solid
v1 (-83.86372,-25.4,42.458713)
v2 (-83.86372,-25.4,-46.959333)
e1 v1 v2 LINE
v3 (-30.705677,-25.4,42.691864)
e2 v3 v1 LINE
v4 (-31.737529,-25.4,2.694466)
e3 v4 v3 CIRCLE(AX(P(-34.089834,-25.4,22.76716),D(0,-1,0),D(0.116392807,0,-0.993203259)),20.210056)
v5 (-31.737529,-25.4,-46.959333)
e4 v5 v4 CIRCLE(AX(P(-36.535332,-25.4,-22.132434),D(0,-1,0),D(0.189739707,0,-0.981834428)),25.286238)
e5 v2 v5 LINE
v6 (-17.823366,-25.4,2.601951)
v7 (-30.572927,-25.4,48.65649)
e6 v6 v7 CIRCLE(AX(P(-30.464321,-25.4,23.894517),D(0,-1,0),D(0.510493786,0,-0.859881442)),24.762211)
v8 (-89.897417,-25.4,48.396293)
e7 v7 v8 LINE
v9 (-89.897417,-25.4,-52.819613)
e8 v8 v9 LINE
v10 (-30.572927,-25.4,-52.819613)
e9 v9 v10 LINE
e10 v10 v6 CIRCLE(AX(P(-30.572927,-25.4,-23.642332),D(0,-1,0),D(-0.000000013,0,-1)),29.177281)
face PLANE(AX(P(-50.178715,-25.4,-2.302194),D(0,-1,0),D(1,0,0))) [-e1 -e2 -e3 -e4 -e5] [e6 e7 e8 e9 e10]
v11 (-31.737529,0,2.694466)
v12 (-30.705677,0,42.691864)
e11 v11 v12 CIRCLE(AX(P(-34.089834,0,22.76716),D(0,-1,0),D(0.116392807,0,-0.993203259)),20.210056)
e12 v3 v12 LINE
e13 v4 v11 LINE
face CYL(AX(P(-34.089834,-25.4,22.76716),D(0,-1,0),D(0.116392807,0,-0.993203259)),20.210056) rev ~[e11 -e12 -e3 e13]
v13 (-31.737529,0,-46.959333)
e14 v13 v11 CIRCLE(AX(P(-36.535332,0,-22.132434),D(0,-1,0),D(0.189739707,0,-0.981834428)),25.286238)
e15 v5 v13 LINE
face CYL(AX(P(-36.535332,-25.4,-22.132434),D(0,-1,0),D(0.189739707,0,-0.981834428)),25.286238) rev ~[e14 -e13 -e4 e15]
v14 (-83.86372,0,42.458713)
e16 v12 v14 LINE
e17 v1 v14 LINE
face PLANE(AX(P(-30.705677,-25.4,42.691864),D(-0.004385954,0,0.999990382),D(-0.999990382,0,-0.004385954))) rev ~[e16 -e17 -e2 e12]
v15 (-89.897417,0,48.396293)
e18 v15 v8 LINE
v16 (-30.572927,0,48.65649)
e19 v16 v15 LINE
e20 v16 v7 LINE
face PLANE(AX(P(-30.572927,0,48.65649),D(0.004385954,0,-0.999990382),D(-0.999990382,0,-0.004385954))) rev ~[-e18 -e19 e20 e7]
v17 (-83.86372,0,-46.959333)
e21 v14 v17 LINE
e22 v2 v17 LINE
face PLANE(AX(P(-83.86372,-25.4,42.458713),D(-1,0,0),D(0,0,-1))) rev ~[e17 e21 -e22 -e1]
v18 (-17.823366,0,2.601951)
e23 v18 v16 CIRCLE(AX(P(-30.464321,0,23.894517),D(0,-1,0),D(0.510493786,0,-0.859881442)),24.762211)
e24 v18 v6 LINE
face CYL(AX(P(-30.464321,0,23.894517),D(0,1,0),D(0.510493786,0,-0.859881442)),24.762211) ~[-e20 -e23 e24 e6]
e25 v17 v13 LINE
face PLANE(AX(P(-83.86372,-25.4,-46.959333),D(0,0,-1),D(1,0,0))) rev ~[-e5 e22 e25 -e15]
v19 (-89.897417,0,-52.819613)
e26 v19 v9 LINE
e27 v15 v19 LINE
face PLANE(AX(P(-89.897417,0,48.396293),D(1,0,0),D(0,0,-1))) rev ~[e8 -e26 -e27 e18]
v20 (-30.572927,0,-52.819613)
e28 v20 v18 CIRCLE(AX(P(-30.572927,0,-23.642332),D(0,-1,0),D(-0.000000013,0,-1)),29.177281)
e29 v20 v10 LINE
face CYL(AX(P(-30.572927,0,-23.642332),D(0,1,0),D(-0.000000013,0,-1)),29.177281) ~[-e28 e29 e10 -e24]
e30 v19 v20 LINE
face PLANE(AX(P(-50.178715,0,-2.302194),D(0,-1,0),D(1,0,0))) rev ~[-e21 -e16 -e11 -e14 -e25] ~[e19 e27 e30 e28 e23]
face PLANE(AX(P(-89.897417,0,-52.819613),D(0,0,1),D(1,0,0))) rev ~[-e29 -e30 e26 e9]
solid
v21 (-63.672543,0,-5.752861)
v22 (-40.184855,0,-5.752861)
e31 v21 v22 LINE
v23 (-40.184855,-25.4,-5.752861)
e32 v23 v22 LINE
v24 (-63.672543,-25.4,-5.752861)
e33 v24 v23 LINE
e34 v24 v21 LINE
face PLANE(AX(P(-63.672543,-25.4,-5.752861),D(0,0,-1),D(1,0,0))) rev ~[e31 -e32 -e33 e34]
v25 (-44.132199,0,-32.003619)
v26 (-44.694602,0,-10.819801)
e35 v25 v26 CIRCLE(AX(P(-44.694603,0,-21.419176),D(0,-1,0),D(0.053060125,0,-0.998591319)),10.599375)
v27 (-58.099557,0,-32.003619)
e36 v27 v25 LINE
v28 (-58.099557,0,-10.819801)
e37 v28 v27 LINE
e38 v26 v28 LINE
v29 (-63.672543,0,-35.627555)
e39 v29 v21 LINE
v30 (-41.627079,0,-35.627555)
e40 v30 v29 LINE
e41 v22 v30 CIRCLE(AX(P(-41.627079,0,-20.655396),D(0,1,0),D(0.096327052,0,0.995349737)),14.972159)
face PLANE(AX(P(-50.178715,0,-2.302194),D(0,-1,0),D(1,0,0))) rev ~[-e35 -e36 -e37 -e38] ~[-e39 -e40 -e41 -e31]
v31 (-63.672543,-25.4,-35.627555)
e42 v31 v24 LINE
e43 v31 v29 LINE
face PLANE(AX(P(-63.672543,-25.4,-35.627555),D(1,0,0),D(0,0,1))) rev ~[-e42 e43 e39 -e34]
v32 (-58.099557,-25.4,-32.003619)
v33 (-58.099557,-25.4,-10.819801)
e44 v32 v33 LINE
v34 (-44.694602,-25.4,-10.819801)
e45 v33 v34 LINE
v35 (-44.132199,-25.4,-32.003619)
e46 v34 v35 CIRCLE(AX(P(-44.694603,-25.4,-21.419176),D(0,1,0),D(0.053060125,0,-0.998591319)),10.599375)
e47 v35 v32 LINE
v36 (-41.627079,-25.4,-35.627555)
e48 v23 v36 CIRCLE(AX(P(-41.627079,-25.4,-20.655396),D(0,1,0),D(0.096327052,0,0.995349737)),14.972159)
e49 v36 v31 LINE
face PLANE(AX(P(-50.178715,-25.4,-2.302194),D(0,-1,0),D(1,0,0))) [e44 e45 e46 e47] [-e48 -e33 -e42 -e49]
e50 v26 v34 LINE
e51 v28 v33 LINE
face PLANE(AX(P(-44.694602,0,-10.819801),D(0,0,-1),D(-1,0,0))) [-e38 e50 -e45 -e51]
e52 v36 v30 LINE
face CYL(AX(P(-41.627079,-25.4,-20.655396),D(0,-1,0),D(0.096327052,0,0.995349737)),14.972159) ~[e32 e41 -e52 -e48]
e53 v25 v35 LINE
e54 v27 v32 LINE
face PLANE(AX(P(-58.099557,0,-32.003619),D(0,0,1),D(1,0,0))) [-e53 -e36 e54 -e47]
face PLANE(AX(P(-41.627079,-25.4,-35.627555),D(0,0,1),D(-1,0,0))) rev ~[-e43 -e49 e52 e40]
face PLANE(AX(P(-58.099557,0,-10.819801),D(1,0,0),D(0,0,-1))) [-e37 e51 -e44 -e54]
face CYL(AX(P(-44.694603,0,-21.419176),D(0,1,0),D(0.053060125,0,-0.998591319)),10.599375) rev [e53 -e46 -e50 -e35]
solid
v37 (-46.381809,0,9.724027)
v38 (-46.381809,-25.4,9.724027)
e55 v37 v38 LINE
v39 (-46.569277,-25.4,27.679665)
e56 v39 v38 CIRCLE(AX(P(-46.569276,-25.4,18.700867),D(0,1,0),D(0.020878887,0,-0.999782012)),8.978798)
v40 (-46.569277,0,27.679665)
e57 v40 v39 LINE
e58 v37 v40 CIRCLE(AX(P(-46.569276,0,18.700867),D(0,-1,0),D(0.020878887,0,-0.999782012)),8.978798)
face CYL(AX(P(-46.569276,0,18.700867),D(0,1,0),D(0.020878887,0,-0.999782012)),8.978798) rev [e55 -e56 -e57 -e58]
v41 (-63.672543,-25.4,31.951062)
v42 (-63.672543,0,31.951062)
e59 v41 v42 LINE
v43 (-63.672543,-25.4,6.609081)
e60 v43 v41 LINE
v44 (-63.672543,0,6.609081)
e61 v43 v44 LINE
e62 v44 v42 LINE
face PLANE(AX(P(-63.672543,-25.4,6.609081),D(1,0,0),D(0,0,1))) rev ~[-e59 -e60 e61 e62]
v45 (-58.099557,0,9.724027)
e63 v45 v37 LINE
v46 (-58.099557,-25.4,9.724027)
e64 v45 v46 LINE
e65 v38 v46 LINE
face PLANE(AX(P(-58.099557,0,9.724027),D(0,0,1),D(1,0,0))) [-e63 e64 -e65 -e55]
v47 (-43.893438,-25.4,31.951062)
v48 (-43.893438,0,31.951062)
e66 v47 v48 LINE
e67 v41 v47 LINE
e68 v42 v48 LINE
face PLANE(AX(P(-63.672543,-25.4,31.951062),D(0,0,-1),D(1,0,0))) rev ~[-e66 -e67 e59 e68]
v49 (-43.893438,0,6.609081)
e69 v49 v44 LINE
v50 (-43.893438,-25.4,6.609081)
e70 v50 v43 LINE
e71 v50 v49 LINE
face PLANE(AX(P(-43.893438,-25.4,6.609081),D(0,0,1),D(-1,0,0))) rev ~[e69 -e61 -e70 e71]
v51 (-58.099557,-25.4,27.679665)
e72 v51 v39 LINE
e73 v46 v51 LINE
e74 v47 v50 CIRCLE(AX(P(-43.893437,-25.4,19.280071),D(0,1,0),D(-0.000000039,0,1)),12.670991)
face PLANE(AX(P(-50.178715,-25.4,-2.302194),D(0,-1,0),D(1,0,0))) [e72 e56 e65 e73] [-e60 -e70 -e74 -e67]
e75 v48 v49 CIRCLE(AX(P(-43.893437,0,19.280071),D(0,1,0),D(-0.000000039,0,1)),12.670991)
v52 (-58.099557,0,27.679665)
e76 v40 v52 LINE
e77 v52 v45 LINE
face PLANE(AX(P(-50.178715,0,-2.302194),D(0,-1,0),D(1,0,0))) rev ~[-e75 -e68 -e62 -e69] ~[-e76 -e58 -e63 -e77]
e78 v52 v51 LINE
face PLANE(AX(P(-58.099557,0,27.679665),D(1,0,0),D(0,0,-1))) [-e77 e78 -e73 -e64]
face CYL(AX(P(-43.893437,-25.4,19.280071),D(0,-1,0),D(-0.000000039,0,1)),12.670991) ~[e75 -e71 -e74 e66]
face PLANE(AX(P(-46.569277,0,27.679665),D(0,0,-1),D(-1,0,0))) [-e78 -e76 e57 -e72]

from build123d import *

# Parameters (mm, degrees)
F1_DEPTH = 25.4
F3_DEPTH = 25.4
F4_DEPTH = 53.848
F6_DEPTH = 25.4


with BuildPart() as f1:
    # F0 (on Front) → F1 (new body)
    with BuildSketch(Plane.XZ):
        with BuildLine():
            Line((-30.572927, 48.65649), (-89.897417, 48.396293))
            Line((-89.897417, 48.396293), (-89.897417, -52.819613))
            Line((-89.897417, -52.819613), (-30.572927, -52.819613))
            ThreePointArc((-30.572927, -52.819613), (-2.138348, -30.18362), (-17.823366, 2.601951))
            ThreePointArc((-17.823366, 2.601951), (-6.599701, 30.501106), (-30.572927, 48.65649))
        make_face()
    extrude(amount=F1_DEPTH)

    # F2 (on face) → F3 (cut)
    with BuildSketch(Plane.XZ):
        with BuildLine():
            Line((-46.569277, 27.679665), (-58.099557, 27.679665))
            Line((-58.099557, 27.679665), (-58.099557, 9.724027))
            Line((-58.099557, 9.724027), (-46.381809, 9.724027))
            ThreePointArc((-46.381809, 9.724027), (-37.590968, 18.794606), (-46.569277, 27.679665))
        make_face()
        with BuildLine():
            Line((-44.694602, -10.819801), (-58.099557, -10.819801))
            Line((-58.099557, -10.819801), (-58.099557, -32.003619))
            Line((-58.099557, -32.003619), (-44.132199, -32.003619))
            ThreePointArc((-44.132199, -32.003619), (-34.098962, -21.137875), (-44.694602, -10.819801))
        make_face()
    extrude(amount=-F3_DEPTH, mode=Mode.SUBTRACT)

    # F2 (on face) → F4 (cut)
    with BuildSketch(Plane.XZ):
        with BuildLine():
            Line((-46.569277, 27.679665), (-58.099557, 27.679665))
            Line((-58.099557, 27.679665), (-58.099557, 9.724027))
            Line((-58.099557, 9.724027), (-46.381809, 9.724027))
            ThreePointArc((-46.381809, 9.724027), (-37.590968, 18.794606), (-46.569277, 27.679665))
        make_face()
        with BuildLine():
            Line((-44.694602, -10.819801), (-58.099557, -10.819801))
            Line((-58.099557, -10.819801), (-58.099557, -32.003619))
            Line((-58.099557, -32.003619), (-44.132199, -32.003619))
            ThreePointArc((-44.132199, -32.003619), (-34.098962, -21.137875), (-44.694602, -10.819801))
        make_face()
    extrude(amount=F4_DEPTH, mode=Mode.SUBTRACT)

    # F5 (on face) → F6 (cut)
    with BuildSketch(Plane.XZ.offset(25.4)):
        with BuildLine():
            Line((-30.705677, 42.691864), (-83.86372, 42.458713))
            Line((-83.86372, 42.458713), (-83.86372, -46.959333))
            Line((-83.86372, -46.959333), (-31.737529, -46.959333))
            ThreePointArc((-31.737529, -46.959333), (-11.249094, -22.132434), (-31.737529, 2.694466))
            ThreePointArc((-31.737529, 2.694466), (-13.8865, 22.245954), (-30.705677, 42.691864))
        make_face()
        with BuildLine():
            Line((-41.627079, -35.627555), (-63.672543, -35.627555))
            Line((-63.672543, -35.627555), (-63.672543, -5.752861))
            Line((-63.672543, -5.752861), (-40.184855, -5.752861))
            ThreePointArc((-40.184855, -5.752861), (-26.672336, -21.377348), (-41.627079, -35.627555))
        make_face(mode=Mode.SUBTRACT)
        with BuildLine():
            Line((-63.672543, 6.609081), (-63.672543, 31.951062))
            Line((-63.672543, 31.951062), (-43.893438, 31.951062))
            ThreePointArc((-43.893438, 31.951062), (-31.222447, 19.280072), (-43.893438, 6.609081))
            Line((-43.893438, 6.609081), (-63.672543, 6.609081))
        make_face(mode=Mode.SUBTRACT)
    extrude(amount=-F6_DEPTH, mode=Mode.SUBTRACT)


solid = f1.part
